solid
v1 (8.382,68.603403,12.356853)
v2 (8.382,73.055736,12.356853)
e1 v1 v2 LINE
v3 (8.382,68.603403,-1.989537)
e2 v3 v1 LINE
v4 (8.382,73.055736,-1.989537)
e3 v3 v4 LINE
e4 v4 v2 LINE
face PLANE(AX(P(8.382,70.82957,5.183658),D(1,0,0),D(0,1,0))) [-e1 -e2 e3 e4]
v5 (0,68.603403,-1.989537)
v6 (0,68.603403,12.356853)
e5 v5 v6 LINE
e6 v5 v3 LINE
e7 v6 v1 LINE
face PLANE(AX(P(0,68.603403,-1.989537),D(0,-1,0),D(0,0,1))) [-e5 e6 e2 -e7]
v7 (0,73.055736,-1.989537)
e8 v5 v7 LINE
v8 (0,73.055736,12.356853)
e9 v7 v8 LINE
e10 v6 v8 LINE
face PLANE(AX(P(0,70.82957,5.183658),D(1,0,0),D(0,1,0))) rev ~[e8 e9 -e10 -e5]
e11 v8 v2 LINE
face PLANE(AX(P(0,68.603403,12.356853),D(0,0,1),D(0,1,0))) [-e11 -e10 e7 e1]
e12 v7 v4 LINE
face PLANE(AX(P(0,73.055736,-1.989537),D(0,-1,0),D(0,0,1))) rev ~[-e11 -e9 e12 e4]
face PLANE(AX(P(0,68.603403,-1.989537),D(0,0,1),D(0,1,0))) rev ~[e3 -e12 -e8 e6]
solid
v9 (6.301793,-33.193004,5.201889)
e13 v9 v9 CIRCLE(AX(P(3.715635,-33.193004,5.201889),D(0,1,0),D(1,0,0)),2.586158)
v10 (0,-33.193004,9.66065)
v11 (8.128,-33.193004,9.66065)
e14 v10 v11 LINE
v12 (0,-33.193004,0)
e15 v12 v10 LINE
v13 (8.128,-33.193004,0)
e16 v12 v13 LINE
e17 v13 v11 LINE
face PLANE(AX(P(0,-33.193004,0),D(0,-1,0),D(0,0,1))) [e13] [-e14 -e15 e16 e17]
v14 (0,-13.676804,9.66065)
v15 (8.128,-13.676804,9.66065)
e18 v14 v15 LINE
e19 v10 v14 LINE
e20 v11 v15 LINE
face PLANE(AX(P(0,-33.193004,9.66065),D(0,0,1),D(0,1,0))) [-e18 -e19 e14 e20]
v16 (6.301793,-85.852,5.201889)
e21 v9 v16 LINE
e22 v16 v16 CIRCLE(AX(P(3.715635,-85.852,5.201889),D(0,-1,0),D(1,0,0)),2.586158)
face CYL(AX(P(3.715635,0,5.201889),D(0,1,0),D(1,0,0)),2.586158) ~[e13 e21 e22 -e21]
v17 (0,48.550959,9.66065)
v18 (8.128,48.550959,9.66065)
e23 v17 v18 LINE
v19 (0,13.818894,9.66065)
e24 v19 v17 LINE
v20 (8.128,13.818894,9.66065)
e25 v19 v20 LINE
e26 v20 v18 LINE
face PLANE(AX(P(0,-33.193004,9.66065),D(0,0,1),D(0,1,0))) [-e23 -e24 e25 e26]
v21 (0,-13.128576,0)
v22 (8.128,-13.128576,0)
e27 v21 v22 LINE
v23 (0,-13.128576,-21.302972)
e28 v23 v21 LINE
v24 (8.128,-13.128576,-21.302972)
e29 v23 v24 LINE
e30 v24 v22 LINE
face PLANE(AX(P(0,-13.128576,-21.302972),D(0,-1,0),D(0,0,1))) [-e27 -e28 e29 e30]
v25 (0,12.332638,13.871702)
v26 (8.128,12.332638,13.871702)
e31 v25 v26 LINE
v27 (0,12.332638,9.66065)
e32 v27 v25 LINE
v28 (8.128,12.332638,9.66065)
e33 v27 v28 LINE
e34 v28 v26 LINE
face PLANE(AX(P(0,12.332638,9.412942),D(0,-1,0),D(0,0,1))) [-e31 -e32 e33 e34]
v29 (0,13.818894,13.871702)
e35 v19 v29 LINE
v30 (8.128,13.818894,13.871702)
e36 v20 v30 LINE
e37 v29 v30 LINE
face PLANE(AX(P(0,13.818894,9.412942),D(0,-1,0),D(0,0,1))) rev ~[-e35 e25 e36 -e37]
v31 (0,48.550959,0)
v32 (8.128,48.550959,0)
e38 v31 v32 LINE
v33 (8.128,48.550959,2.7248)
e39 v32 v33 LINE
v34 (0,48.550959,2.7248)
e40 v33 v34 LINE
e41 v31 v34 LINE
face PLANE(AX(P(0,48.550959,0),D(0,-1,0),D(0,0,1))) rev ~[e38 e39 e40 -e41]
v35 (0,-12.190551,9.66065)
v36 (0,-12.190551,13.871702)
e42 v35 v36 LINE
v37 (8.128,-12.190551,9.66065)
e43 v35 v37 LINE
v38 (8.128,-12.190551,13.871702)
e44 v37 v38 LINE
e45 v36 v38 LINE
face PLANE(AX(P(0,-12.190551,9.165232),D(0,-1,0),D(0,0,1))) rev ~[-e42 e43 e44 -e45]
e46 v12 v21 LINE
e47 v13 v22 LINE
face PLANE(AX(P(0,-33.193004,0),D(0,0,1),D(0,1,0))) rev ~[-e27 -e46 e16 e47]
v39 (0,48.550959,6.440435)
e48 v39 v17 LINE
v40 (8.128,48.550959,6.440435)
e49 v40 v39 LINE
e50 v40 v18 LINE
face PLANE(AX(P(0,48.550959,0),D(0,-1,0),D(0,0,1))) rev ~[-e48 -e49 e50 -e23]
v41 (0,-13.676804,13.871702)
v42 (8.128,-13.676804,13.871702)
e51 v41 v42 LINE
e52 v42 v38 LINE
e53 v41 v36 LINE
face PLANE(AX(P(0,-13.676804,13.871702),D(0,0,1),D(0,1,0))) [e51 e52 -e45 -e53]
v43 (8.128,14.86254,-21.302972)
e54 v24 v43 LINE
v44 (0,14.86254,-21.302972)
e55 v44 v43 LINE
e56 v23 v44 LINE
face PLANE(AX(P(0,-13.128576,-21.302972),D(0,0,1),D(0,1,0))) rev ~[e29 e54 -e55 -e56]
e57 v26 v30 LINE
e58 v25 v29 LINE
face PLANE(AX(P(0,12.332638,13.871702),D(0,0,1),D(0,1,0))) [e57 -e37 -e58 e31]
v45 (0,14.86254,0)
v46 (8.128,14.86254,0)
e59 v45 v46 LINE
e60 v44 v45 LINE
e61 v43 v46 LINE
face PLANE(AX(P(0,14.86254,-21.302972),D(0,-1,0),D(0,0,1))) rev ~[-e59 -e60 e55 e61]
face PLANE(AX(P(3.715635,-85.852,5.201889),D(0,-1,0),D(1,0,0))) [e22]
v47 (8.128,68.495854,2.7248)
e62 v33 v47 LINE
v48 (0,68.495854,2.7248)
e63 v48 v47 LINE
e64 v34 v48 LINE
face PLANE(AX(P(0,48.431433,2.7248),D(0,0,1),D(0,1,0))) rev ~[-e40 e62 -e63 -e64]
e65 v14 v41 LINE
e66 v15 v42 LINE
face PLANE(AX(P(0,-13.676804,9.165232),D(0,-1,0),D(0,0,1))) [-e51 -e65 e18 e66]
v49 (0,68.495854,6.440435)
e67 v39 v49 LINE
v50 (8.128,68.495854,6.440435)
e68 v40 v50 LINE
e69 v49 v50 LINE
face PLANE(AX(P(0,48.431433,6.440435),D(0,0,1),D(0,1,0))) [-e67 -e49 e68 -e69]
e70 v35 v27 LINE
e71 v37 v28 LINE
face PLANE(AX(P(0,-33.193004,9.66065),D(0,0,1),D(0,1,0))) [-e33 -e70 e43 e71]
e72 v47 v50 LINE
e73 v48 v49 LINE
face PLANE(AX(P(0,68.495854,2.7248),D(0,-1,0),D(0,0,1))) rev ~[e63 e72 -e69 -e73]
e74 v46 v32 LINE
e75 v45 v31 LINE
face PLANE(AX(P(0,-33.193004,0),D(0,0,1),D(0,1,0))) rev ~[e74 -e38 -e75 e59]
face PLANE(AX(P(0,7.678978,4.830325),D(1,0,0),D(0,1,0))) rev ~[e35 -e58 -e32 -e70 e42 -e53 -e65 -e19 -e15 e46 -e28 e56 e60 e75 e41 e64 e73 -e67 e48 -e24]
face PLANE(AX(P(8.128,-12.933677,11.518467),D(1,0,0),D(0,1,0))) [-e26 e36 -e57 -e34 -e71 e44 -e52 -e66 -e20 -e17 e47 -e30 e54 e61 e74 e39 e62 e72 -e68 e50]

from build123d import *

# Parameters (mm, degrees)
F0_W      = 27.991115
F0_H      = 21.302972
F1_DEPTH  = 8.128
F2_W      = 81.743963
F2_H      = 9.66065
F3_DEPTH  = 8.128
F4_R      = 2.586158
F5_DEPTH  = 85.852
F6_W      = 1.486253
F6_H      = 4.70647
F6_W_2    = 1.486256
F6_H_2    = 4.45876
F7_DEPTH  = 8.128
F8_W      = 20.064421
F8_H      = 3.715635
F9_DEPTH  = 8.128
F10_W     = 4.452333
F10_H     = 14.346389
F11_DEPTH = 8.382


with BuildPart() as f1:
    # F0 (on Right) → F1 (new body)
    with BuildSketch(Plane.YZ):
        with Locations((0.866982, -10.651486)):
            Rectangle(F0_W, F0_H)
    extrude(amount=F1_DEPTH)

    # F2 (on Right) → F3 (join)
    with BuildSketch(Plane.YZ):
        with Locations((7.678978, 4.830325)):
            Rectangle(F2_W, F2_H)
    extrude(amount=F3_DEPTH)

    # F4 (on Front) → F5 (join)
    with BuildSketch(Plane.XZ):
        with Locations((3.715635, 5.201889)):
            Circle(F4_R)
    extrude(amount=F5_DEPTH)

    # F6 (on Right) → F7 (join)
    with BuildSketch(Plane.YZ):
        with Locations((-12.933677, 11.518467)):
            Rectangle(F6_W, F6_H)
        with Locations((13.075766, 11.642322)):
            Rectangle(F6_W_2, F6_H_2)
    extrude(amount=F7_DEPTH)

    # F8 (on Right) → F9 (join)
    with BuildSketch(Plane.YZ):
        with Locations((58.463644, 4.582617)):
            Rectangle(F8_W, F8_H)
    extrude(amount=F9_DEPTH)


with BuildPart() as f11:
    # F10 (on Right) → F11 (new body)
    with BuildSketch(Plane.YZ):
        with Locations((70.82957, 5.183658)):
            Rectangle(F10_W, F10_H)
    extrude(amount=F11_DEPTH)


solid = Compound([f1.part, f11.part])
